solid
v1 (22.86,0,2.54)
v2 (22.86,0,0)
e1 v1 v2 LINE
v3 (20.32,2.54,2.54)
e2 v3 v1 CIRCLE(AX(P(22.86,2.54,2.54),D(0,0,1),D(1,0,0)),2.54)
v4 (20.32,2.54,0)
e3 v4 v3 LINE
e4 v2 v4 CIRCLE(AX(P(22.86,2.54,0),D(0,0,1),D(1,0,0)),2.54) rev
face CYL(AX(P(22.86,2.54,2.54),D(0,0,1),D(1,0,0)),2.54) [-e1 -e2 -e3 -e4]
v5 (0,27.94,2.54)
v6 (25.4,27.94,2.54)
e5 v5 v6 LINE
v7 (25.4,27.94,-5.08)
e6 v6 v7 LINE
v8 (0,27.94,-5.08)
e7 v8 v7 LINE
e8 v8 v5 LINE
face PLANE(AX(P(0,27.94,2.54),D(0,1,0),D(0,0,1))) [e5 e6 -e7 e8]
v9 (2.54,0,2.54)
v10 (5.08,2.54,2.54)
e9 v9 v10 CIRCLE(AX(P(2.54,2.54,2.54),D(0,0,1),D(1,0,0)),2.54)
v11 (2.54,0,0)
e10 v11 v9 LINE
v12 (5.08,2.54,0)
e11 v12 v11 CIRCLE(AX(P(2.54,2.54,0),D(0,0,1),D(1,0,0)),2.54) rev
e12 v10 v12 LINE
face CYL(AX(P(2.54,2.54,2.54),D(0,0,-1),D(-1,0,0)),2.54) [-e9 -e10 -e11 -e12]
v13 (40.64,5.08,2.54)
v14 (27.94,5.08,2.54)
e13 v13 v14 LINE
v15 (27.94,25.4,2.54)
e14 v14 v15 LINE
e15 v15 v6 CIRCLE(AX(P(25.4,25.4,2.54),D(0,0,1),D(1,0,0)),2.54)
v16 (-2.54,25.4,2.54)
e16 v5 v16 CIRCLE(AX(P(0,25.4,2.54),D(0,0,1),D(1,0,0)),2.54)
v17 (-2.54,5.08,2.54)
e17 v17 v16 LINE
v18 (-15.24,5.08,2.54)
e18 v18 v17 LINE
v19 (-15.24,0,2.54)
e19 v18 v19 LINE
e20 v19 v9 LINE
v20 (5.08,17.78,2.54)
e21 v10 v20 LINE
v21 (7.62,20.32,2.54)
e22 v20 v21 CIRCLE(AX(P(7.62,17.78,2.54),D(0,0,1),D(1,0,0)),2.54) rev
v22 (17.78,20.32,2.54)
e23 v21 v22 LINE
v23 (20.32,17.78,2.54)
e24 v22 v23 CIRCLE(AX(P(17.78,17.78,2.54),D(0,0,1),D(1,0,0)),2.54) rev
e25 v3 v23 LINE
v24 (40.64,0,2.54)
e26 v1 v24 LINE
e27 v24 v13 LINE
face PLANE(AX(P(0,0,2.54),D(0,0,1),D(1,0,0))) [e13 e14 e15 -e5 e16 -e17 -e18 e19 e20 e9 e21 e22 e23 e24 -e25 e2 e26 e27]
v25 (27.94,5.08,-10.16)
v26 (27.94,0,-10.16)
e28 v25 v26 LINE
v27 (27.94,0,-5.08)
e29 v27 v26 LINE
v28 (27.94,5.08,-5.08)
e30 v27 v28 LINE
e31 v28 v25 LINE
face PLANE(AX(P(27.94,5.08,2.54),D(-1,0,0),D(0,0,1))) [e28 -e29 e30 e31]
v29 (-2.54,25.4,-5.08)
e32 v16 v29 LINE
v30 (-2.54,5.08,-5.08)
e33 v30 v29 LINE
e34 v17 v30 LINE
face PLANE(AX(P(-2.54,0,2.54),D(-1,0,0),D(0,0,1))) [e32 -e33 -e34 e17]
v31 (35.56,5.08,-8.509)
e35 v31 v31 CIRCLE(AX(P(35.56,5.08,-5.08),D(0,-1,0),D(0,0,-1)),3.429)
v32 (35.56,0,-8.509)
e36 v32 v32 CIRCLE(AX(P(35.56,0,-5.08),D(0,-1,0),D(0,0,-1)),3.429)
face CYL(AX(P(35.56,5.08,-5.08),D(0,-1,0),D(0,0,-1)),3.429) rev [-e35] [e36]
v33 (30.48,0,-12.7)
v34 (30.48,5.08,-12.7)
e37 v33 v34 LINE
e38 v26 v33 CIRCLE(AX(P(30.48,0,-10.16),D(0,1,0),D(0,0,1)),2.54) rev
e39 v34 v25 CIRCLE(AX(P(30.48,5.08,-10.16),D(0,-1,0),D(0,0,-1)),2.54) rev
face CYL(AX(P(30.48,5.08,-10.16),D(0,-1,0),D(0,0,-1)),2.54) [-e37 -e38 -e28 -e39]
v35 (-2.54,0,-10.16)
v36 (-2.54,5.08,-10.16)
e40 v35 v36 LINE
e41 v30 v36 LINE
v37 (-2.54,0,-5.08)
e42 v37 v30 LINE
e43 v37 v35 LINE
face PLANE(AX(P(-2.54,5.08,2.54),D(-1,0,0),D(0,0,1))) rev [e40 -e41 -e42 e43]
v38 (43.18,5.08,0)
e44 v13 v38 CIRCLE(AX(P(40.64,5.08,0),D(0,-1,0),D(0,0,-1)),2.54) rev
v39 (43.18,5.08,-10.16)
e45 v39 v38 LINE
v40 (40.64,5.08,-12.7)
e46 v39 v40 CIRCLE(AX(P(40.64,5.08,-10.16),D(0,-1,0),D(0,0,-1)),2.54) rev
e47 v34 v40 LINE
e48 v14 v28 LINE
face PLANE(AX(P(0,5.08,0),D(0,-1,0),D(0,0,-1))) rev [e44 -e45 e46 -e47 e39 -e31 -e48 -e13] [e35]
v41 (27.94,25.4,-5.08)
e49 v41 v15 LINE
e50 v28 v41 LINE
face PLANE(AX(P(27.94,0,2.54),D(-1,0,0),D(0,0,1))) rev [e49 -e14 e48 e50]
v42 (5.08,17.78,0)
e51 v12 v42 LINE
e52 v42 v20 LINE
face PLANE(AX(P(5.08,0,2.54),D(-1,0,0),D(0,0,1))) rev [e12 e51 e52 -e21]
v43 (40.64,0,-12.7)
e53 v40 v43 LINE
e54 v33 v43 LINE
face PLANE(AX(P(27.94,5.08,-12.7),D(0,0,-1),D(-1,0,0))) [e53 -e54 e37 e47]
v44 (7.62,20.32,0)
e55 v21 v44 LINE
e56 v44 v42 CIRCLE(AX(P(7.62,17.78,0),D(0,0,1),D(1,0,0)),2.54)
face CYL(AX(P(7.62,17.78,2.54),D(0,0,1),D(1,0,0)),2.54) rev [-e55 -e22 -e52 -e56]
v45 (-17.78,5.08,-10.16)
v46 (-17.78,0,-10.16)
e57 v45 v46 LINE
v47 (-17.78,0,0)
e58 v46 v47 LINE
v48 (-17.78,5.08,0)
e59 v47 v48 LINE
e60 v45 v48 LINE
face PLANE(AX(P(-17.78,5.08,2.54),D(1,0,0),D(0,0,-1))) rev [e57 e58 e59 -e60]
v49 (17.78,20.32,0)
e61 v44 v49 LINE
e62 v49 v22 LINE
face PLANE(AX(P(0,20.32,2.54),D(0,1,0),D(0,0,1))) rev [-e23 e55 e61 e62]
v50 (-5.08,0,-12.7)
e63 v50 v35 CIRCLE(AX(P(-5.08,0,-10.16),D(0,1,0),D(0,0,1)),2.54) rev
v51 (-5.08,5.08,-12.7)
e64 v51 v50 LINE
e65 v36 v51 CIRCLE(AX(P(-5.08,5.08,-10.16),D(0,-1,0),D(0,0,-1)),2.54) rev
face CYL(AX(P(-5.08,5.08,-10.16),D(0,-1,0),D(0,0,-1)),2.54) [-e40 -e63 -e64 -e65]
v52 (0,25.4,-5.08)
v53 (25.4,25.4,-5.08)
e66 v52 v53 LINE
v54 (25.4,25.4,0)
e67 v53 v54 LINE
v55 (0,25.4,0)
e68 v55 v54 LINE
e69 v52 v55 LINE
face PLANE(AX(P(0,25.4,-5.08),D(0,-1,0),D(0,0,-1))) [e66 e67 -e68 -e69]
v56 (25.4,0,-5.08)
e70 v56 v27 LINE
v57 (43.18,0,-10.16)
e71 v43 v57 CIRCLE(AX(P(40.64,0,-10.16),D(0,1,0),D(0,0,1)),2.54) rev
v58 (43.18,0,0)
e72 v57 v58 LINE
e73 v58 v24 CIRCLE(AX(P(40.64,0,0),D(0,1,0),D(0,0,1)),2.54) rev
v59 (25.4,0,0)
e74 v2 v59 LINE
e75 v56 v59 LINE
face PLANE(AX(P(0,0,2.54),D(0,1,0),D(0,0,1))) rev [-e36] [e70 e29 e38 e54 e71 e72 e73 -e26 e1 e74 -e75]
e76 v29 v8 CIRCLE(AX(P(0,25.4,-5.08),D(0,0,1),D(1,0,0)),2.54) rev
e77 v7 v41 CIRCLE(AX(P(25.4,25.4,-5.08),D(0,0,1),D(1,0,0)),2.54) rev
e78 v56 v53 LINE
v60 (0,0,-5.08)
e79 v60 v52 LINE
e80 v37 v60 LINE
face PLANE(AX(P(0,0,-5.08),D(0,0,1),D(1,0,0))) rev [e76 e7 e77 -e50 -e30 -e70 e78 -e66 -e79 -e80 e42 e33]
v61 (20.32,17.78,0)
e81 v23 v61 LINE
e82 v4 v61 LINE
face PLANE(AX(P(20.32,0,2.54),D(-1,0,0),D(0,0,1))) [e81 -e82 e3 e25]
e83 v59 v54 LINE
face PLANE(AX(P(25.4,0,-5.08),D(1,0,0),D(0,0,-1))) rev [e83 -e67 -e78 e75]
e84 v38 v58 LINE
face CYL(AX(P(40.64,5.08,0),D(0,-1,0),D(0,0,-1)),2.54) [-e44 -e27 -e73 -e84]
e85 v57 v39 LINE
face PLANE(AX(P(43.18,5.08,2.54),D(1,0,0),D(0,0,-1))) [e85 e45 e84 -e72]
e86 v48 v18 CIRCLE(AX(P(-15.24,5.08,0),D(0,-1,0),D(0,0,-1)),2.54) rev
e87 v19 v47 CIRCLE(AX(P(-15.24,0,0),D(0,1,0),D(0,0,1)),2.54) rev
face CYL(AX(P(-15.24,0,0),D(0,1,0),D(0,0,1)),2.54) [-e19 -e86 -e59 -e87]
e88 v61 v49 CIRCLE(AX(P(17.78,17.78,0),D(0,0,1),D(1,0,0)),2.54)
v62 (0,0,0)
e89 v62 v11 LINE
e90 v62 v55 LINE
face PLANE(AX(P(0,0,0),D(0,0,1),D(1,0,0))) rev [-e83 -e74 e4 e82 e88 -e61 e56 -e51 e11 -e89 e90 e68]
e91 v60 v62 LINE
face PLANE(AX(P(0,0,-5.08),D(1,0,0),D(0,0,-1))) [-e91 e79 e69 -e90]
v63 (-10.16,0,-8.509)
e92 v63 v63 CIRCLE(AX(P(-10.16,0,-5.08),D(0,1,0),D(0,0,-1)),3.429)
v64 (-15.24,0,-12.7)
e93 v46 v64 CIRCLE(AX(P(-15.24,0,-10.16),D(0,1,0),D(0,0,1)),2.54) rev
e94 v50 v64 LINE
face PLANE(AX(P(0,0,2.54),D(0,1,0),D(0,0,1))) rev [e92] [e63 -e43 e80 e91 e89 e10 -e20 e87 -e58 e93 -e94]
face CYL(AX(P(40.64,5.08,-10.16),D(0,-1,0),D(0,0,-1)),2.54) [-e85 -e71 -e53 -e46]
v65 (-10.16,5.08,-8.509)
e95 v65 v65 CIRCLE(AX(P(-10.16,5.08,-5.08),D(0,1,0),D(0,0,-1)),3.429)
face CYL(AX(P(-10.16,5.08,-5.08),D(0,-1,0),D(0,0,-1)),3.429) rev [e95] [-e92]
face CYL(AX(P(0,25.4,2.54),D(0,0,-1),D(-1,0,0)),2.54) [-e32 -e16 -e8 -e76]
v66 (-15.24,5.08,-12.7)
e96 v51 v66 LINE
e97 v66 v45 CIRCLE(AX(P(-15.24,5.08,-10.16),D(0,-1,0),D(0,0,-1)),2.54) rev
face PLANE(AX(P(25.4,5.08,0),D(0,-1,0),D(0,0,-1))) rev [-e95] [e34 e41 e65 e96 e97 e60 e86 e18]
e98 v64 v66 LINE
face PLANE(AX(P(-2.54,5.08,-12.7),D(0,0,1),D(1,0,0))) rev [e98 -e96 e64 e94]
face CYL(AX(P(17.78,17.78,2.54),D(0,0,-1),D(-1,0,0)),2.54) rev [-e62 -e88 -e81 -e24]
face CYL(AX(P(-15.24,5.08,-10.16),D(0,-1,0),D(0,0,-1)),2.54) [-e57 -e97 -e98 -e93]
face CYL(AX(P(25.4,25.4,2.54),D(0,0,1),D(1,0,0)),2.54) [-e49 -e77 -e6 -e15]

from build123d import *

# Parameters (mm, degrees)
BOSS_EXTRUDE1_DEPTH = 2.54
BOSS_EXTRUDE2_DEPTH = 5.08
SKETCH2_W           = 15.24
SKETCH2_H           = 15.24
SKETCH2_R           = 3.429
BOSS_EXTRUDE3_DEPTH = 5.08
FILLET1_R           = 2.54


with BuildPart() as part:
    # Sketch1 → Boss-Extrude1 (new body)
    with BuildSketch(Plane.XY):
        Polygon((-2.54, 27.94), (-2.54, 0), (5.08, 0), (5.08, 20.32), (20.32, 20.32), (20.32, 0), (27.94, 0), (27.94, 27.94), align=None)
    extrude(amount=BOSS_EXTRUDE1_DEPTH)

    # Sketch1<3> → Boss-Extrude2 (add)
    with BuildSketch(Plane.XY):
        Polygon((-2.54, 27.94), (-2.54, 0), (0, 0), (0, 25.4), (25.4, 25.4), (25.4, 0), (27.94, 0), (27.94, 27.94), align=None)
    extrude(amount=-BOSS_EXTRUDE2_DEPTH)

    # Sketch2 → Boss-Extrude3 (add)
    with BuildSketch(Plane.XZ):
        with Locations((35.56, -5.08)):
            Rectangle(SKETCH2_W, SKETCH2_H)
        with Locations((35.56, -5.08)):
            Circle(SKETCH2_R, mode=Mode.SUBTRACT)
    boss_extrude3 = extrude(amount=-BOSS_EXTRUDE3_DEPTH)

    # Mirror1: Boss-Extrude3 across plane
    add(boss_extrude3.mirror(Plane(origin=(12.7, 0, 0), x_dir=(0, 0, 1), z_dir=(1, 0, 0))))

    # Fillet1
    fillet1_edges = [part.edges().sort_by_distance(p)[0] for p in [
        (20.32, 20.32, 1.27),
        (5.08, 20.32, 1.27),
        (5.08, 0, 1.27),
        (20.32, 0, 1.27),
        (-2.54, 27.94, -1.27),
        (27.94, 27.94, -1.27),
        (27.94, 2.54, -12.7),
        (43.18, 2.54, -12.7),
        (43.18, 2.54, 2.54),
        (-2.54, 2.54, -12.7),
        (-17.78, 2.54, -12.7),
        (-17.78, 2.54, 2.54),
    ]]
    fillet(fillet1_edges, radius=FILLET1_R)


solid = part.part
